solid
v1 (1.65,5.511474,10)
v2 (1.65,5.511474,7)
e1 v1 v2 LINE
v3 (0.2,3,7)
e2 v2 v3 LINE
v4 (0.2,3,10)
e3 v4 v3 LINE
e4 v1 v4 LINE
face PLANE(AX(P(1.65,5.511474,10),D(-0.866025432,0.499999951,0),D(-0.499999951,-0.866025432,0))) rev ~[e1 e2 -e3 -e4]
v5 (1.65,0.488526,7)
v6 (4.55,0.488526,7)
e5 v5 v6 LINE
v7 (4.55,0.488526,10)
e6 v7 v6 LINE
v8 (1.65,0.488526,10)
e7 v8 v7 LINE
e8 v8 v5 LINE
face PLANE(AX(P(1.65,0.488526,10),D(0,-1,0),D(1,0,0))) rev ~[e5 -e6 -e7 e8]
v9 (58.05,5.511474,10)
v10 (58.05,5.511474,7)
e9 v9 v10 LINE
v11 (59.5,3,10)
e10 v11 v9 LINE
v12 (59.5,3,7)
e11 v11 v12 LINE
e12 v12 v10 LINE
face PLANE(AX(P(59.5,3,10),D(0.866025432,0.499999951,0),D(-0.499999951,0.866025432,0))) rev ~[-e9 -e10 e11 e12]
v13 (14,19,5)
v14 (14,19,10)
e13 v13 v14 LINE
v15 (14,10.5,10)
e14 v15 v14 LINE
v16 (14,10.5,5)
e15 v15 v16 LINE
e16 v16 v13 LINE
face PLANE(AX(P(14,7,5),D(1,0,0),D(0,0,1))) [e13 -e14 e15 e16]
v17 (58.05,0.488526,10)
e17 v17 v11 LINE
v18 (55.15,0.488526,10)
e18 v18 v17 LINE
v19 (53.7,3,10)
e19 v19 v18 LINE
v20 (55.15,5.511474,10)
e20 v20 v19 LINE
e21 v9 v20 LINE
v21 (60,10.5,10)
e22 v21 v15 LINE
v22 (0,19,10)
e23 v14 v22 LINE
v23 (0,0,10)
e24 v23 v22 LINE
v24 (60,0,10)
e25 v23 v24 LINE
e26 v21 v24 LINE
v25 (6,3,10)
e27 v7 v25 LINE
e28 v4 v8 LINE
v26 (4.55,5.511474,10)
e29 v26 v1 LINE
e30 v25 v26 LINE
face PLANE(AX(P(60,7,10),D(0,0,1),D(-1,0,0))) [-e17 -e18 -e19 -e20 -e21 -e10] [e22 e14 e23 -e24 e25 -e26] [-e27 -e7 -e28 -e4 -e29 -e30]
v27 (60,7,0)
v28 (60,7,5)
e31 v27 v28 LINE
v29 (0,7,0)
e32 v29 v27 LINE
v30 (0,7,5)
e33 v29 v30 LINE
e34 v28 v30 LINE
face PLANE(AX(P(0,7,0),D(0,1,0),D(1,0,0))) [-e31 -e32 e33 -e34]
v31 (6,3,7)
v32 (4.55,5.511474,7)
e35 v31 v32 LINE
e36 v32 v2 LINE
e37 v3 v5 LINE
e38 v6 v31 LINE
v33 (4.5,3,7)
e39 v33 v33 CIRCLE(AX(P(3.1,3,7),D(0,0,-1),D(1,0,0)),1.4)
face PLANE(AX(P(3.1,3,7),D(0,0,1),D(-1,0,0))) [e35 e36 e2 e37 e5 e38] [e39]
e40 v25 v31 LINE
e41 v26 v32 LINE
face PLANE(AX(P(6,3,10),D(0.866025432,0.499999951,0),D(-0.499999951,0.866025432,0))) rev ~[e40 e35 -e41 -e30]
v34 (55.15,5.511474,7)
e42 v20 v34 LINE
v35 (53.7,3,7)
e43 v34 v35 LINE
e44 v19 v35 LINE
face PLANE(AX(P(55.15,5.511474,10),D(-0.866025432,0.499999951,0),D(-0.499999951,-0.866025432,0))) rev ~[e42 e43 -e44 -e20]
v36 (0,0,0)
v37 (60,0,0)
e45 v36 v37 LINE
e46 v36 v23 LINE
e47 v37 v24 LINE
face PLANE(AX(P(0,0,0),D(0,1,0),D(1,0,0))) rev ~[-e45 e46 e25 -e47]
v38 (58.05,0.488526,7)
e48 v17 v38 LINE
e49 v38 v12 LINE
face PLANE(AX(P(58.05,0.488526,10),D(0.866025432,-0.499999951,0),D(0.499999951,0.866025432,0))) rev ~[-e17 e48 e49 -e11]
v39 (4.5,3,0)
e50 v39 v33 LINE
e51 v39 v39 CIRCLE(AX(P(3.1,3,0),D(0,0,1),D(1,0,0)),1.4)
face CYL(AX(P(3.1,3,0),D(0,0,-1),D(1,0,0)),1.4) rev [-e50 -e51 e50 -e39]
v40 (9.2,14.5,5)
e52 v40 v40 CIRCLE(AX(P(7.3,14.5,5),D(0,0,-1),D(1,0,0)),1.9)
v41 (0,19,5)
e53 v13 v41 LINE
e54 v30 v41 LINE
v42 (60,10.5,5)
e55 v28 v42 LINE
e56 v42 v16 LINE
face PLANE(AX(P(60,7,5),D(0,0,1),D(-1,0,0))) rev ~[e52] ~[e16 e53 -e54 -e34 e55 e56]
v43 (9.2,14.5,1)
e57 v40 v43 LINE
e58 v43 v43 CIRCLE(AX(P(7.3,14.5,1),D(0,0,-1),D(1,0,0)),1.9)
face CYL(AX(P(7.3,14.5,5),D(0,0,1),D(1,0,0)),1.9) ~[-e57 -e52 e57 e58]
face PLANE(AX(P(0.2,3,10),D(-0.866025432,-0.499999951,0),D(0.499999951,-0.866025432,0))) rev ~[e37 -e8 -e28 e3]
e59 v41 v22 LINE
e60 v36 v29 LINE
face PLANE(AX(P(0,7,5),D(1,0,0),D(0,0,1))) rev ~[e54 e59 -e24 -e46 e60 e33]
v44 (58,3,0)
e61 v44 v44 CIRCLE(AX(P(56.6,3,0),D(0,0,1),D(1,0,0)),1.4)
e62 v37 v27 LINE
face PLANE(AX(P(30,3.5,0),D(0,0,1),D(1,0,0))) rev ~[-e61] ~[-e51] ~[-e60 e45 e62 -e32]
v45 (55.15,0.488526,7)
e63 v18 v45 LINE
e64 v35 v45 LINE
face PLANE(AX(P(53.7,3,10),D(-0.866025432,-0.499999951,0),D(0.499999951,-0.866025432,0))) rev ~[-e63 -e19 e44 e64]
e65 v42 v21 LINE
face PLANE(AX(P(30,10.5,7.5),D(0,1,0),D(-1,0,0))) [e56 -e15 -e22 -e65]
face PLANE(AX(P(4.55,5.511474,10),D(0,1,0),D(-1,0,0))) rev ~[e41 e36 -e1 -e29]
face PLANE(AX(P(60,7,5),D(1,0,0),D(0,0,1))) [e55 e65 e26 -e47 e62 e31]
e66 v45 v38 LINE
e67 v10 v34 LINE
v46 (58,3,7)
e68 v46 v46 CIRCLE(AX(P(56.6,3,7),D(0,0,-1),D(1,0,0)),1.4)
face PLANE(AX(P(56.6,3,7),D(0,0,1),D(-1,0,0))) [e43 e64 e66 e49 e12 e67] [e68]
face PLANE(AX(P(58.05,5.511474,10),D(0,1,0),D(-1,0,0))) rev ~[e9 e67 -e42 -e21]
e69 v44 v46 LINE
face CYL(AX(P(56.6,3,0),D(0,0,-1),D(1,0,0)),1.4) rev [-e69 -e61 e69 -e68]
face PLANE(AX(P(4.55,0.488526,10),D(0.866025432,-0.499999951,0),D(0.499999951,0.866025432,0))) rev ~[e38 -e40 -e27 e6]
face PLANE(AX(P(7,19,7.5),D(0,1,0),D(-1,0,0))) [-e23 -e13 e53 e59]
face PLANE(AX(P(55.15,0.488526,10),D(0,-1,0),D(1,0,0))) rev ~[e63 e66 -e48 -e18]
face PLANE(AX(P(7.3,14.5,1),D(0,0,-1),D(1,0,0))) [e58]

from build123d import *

# Parameters (mm, degrees)
EXTRUDE001_DEPTH = 3
EXTRUDE_DEPTH    = 3
SKETCH_W         = 60
SKETCH_H         = 7
SKETCH_R         = 1.4
PAD_DEPTH        = 10
SKETCH001_W      = 60
SKETCH001_H      = 5
PAD001_DEPTH     = 3.5
SKETCH002_W      = 14
SKETCH002_H      = 5
PAD002_DEPTH     = 12
SKETCH003_R      = 1.9
PAD003_DEPTH     = 4


with BuildPart() as m2_5_pocket:
    # Polygon001 → Extrude001 (new body)
    with BuildSketch(Plane(origin=(56.6, 3, 10), x_dir=(1, 0, 0), z_dir=(0, 0, -1))):
        Polygon((1.45, 2.511474), (2.9, 0), (1.45, -2.511474), (-1.45, -2.511474), (-2.9, 0), (-1.45, 2.511474), align=None)
    extrude(amount=EXTRUDE001_DEPTH)


with BuildPart() as m2_5_pocket001:
    # Polygon → Extrude (new body)
    with BuildSketch(Plane(origin=(3.1, 3, 10), x_dir=(1, 0, 0), z_dir=(0, 0, -1))):
        Polygon((1.45, 2.511474), (2.9, 0), (1.45, -2.511474), (-1.45, -2.511474), (-2.9, 0), (-1.45, 2.511474), align=None)
    extrude(amount=EXTRUDE_DEPTH)


with BuildPart() as cut001:
    # Sketch → Pad (new body)
    with BuildSketch(Plane.XY):
        with Locations((30, 3.5)):
            Rectangle(SKETCH_W, SKETCH_H)
        with Locations((3.1, 3)):
            Circle(SKETCH_R, mode=Mode.SUBTRACT)
        with Locations((56.6, 3)):
            Circle(SKETCH_R, mode=Mode.SUBTRACT)
    extrude(amount=PAD_DEPTH)

    # Sketch001 → Pad001 (new body)
    with BuildSketch(Plane(origin=(0, 7, 0), x_dir=(-1, 0, 0), z_dir=(0, 1, 0))):
        with Locations((-30, 7.5)):
            Rectangle(SKETCH001_W, SKETCH001_H)
    extrude(amount=PAD001_DEPTH)

    # Sketch002 → Pad002 (new body)
    with BuildSketch(Plane(origin=(0, 7, 0), x_dir=(-1, 0, 0), z_dir=(0, 1, 0))):
        with Locations((-7, 7.5)):
            Rectangle(SKETCH002_W, SKETCH002_H)
    extrude(amount=PAD002_DEPTH)

    # Sketch003 → Pad003 (new body)
    with BuildSketch(Plane(origin=(0, 0, 5), x_dir=(1, 0, 0), z_dir=(0, 0, -1))):
        with Locations((7.3, -14.5)):
            Circle(SKETCH003_R)
    extrude(amount=PAD003_DEPTH)

    # Cut: cut M2.5 pocket001
    add(m2_5_pocket001.part, mode=Mode.SUBTRACT)

    # Cut001: cut M2.5 pocket
    add(m2_5_pocket.part, mode=Mode.SUBTRACT)


solid = cut001.part
